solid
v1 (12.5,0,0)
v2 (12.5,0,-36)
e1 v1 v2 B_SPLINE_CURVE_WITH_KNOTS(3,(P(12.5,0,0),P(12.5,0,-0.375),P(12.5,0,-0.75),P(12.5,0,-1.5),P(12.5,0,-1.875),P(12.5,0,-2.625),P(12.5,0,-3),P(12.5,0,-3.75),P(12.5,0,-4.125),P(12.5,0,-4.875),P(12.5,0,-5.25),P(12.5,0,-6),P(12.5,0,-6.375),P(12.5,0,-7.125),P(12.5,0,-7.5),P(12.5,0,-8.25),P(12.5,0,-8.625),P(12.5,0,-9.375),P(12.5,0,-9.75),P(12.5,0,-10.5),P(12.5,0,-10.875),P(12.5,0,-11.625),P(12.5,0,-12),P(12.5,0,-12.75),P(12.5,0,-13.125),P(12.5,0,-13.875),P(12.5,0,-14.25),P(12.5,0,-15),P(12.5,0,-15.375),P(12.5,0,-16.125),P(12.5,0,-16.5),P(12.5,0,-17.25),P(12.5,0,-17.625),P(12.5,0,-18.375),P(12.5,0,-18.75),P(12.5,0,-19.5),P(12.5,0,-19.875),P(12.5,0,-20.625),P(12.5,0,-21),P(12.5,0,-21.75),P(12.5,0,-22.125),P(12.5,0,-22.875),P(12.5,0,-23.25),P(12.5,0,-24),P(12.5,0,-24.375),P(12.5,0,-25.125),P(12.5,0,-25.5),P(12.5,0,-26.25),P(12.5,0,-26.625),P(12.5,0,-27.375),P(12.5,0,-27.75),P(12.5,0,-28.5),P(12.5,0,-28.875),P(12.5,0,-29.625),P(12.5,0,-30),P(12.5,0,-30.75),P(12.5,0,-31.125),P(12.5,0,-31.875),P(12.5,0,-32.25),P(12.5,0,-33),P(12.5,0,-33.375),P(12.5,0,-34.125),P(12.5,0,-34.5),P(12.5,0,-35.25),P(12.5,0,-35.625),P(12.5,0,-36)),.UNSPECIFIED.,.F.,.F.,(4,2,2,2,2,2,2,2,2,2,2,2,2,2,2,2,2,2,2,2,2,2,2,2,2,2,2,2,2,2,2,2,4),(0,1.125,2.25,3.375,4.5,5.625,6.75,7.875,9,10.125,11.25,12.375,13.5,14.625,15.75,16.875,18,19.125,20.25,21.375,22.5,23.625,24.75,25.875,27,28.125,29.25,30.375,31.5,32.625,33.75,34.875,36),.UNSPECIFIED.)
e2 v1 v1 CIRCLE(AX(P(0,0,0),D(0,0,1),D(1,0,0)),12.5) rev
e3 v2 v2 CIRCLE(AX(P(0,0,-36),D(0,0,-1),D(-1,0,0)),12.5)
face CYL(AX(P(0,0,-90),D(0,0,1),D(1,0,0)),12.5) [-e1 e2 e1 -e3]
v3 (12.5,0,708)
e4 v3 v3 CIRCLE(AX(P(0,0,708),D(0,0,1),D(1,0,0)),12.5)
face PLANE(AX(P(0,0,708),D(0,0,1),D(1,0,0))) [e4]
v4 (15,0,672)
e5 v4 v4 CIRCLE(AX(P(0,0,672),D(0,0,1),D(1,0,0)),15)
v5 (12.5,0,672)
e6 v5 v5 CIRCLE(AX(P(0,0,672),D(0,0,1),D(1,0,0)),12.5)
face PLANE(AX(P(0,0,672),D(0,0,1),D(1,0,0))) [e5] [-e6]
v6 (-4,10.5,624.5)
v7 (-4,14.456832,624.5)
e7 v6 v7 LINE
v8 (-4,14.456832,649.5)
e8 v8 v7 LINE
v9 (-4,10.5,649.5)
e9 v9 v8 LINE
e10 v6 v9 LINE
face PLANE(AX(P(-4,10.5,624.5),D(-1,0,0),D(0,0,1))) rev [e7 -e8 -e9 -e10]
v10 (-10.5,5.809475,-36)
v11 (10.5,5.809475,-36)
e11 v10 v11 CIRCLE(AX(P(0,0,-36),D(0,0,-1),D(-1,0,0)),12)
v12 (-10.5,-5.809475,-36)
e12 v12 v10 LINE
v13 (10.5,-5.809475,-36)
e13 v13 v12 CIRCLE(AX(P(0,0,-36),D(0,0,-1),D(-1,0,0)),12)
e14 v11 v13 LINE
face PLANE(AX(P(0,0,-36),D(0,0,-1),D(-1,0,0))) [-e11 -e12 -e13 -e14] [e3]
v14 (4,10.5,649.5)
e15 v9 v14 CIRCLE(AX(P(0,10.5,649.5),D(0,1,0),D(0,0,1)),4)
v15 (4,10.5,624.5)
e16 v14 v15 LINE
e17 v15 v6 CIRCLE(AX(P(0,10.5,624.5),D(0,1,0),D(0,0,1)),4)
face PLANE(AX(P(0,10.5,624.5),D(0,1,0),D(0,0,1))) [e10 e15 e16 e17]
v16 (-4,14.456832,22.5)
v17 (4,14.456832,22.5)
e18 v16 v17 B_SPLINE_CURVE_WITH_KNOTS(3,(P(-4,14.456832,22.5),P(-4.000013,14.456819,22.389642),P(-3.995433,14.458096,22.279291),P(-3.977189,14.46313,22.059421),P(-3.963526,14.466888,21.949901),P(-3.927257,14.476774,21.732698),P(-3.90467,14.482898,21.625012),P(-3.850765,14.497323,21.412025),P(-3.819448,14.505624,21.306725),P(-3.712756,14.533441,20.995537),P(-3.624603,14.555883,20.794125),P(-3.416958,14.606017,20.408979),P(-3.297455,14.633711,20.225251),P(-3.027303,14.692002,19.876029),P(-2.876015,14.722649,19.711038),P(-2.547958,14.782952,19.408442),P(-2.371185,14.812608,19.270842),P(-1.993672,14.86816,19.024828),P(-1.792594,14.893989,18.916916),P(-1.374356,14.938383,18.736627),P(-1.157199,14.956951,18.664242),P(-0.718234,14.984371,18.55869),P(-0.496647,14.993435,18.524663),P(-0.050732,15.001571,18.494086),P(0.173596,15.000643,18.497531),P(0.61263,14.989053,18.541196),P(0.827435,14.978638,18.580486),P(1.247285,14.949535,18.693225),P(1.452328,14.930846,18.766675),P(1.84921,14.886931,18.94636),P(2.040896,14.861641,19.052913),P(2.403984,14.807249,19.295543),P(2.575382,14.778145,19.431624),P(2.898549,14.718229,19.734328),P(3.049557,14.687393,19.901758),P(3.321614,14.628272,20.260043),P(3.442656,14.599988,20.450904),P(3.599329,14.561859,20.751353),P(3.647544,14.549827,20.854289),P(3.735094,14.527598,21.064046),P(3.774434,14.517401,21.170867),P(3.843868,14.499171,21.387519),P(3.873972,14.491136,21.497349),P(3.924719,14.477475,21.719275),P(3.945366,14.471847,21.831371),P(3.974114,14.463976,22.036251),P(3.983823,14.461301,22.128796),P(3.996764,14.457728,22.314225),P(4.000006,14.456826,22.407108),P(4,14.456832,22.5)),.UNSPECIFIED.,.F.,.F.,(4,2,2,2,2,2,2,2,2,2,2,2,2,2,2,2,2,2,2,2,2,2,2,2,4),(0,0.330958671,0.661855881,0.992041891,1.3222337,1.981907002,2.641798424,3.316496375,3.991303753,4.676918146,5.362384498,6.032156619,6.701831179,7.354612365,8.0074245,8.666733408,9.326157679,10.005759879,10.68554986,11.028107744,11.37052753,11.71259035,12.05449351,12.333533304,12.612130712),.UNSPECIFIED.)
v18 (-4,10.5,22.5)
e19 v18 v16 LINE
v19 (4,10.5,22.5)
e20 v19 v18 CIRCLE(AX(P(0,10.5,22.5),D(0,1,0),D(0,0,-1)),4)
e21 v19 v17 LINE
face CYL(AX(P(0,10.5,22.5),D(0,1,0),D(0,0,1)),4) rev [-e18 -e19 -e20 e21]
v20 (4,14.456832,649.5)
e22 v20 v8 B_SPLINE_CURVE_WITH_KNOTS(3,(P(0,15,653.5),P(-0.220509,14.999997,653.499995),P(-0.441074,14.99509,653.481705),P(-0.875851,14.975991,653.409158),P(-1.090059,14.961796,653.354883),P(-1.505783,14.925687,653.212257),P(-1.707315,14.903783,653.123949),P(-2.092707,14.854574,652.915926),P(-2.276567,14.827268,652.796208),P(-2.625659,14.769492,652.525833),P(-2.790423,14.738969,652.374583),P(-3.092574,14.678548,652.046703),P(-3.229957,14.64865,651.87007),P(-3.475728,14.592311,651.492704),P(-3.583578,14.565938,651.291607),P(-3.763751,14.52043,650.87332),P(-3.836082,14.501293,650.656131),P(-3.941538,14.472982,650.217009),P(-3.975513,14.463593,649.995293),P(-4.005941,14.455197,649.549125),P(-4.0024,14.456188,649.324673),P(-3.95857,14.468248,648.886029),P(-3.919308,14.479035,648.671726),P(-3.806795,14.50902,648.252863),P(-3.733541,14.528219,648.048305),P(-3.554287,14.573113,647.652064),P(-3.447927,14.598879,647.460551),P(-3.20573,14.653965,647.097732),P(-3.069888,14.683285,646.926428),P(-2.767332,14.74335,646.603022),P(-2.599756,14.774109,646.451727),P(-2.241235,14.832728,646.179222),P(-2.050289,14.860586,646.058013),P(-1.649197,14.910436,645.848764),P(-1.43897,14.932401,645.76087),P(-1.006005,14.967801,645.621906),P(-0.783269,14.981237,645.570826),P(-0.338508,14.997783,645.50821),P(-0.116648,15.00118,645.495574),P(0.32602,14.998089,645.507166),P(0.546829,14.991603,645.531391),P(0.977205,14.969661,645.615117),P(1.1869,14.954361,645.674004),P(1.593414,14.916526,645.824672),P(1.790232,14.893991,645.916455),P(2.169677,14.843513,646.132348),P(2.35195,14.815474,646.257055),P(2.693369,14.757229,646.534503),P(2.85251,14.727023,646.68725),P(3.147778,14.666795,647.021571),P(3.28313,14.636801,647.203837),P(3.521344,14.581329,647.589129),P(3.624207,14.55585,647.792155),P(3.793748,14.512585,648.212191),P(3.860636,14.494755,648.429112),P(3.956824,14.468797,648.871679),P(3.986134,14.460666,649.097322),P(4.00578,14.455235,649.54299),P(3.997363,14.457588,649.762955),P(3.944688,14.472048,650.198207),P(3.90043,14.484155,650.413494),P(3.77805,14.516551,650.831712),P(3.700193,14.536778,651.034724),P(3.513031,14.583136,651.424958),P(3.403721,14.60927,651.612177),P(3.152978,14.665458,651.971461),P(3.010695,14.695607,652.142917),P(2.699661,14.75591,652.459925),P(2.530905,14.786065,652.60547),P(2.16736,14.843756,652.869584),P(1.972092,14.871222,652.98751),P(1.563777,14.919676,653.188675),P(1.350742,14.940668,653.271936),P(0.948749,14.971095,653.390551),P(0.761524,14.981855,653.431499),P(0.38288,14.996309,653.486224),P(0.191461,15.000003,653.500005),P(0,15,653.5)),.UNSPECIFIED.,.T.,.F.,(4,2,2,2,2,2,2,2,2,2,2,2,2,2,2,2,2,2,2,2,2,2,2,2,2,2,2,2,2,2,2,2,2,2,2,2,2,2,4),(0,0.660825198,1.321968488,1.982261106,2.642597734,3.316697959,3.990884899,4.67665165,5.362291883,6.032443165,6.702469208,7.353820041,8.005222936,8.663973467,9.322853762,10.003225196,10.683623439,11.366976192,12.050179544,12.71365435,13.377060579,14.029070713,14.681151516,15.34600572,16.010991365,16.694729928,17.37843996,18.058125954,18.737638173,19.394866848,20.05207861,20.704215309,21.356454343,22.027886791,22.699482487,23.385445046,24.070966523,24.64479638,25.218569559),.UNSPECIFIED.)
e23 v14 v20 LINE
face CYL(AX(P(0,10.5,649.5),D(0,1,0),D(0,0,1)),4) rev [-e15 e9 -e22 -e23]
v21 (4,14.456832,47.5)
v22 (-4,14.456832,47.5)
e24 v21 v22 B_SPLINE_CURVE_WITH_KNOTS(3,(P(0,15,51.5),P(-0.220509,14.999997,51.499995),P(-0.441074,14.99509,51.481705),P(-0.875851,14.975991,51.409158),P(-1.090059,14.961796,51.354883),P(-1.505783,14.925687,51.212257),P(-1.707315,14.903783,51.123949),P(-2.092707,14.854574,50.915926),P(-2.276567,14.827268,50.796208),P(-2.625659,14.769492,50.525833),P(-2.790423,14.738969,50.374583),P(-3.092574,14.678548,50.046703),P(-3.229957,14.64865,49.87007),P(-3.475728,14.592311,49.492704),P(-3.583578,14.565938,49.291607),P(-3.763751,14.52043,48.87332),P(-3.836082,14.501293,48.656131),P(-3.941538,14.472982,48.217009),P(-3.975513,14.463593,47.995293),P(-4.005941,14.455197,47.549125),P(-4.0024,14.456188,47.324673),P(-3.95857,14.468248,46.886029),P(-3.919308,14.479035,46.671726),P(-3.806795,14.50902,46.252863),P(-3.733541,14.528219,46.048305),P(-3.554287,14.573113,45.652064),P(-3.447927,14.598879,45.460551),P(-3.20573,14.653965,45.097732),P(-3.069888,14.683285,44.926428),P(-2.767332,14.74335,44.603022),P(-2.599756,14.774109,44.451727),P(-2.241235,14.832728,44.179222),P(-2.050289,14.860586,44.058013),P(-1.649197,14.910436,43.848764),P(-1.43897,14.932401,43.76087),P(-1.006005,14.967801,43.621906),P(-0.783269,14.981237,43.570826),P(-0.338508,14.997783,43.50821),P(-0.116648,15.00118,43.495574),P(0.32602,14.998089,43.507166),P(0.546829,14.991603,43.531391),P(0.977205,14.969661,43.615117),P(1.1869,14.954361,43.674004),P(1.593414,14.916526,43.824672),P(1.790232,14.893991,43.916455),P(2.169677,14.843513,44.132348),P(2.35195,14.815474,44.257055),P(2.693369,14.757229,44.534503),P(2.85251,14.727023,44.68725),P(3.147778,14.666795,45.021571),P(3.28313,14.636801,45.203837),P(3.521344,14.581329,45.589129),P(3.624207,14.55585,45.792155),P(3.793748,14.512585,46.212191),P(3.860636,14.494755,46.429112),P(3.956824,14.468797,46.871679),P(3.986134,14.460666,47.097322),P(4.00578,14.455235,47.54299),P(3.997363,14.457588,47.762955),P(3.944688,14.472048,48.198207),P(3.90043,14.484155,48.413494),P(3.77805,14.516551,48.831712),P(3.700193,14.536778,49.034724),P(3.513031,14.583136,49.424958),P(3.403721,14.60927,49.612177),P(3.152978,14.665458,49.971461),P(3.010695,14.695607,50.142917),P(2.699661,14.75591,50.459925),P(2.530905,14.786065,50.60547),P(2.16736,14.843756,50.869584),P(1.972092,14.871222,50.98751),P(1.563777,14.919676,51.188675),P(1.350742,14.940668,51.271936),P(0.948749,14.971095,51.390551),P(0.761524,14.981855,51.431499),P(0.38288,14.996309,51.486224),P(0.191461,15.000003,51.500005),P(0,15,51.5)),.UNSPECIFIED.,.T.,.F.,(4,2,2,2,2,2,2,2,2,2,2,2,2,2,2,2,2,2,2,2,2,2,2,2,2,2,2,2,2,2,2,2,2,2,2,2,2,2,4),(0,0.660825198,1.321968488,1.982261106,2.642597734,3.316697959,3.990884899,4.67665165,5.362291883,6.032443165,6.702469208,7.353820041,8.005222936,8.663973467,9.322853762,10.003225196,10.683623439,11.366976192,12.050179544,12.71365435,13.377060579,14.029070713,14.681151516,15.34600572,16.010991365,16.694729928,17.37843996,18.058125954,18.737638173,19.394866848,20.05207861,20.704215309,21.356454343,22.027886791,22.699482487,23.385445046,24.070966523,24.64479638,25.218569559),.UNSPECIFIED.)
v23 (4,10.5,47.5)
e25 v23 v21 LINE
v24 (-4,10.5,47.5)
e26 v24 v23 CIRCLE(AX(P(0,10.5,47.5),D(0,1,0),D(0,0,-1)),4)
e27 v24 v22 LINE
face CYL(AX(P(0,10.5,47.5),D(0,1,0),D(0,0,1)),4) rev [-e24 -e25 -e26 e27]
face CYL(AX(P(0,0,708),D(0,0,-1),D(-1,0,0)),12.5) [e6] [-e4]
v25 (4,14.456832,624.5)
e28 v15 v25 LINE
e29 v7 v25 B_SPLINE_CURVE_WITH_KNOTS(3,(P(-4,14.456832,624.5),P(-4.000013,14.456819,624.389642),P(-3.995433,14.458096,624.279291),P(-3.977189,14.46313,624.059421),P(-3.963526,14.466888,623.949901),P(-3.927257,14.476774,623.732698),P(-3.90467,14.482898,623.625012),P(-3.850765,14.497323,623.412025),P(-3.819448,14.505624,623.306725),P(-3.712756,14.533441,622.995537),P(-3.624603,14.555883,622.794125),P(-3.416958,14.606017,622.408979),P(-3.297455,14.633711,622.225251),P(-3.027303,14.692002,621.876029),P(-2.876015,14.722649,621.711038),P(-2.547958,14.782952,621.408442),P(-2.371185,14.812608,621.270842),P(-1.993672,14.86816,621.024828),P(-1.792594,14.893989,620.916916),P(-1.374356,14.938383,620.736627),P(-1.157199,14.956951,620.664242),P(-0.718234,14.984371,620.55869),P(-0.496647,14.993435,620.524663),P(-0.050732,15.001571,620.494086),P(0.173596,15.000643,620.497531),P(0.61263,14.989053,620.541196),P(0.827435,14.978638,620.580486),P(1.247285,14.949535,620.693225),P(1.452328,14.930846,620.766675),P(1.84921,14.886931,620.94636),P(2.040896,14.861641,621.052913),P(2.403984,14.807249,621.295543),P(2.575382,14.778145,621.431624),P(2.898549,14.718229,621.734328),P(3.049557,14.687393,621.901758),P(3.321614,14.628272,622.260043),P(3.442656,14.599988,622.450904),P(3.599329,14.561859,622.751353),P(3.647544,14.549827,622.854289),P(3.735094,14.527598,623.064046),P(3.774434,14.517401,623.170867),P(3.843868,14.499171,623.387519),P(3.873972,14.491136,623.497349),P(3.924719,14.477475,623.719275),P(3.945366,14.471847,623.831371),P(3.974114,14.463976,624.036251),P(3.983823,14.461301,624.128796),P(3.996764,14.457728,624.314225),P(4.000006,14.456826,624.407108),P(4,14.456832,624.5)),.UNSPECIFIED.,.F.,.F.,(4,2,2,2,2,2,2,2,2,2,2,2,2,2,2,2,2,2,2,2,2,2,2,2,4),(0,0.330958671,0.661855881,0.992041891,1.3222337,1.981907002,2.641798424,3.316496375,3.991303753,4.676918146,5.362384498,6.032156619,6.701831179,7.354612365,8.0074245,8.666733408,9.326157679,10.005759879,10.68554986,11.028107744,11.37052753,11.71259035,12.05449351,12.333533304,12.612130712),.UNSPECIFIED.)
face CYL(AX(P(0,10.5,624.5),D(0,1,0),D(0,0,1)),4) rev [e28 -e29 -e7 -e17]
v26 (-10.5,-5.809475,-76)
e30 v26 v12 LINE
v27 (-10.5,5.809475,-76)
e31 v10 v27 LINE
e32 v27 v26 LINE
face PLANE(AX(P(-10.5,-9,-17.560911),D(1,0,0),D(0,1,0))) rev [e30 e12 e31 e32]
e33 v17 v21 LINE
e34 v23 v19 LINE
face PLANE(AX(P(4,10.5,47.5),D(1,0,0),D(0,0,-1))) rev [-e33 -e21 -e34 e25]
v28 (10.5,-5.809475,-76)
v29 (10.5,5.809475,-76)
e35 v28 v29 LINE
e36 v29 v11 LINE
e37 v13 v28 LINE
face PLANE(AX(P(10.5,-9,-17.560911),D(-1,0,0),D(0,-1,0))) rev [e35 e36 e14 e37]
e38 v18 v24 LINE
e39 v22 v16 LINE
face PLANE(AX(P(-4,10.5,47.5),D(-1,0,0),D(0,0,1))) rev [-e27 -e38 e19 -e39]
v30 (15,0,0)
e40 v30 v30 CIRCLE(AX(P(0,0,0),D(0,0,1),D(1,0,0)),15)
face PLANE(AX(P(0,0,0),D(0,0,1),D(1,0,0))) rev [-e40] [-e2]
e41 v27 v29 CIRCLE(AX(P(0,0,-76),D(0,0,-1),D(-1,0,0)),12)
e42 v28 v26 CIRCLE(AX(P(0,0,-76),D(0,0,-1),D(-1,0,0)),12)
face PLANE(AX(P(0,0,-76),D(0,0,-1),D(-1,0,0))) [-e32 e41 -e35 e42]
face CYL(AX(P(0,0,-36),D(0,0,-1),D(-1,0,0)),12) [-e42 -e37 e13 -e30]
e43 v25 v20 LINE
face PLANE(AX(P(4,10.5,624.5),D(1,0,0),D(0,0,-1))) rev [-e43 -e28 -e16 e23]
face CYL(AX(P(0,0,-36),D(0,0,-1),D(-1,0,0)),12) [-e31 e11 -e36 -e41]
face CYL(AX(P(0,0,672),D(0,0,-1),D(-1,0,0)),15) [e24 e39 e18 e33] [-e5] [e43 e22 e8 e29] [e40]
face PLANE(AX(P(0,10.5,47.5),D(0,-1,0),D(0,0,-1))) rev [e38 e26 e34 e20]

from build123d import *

# Parameters (mm, degrees)
SKETCH1_R           = 15
BOSS_EXTRUDE1_DEPTH = 672
SKETCH2_R           = 12.5
BOSS_EXTRUDE3_DEPTH = 36
BOSS_EXTRUDE4_START = 90
SKETCH3_R           = 12.5
BOSS_EXTRUDE4_DEPTH = 90
SKETCH6_R           = 13.02430926
SKETCH6_R_2         = 12
CUT_EXTRUDE3_DEPTH  = 54
CUT_EXTRUDE2_DEPTH  = 4.5
MOVE_FACE1_BY       = 14
SKETCH7_W           = 4
SKETCH7_H           = 18
CUT_EXTRUDE4_DEPTH  = 40


with BuildPart() as part:
    # Sketch1 → Boss-Extrude1 (new body)
    with BuildSketch(Plane.XY):
        with Locations(Location((0, 0, 0), (0, 0, 180))):
            Circle(SKETCH1_R)
    extrude(amount=BOSS_EXTRUDE1_DEPTH)

    # Sketch2 → Boss-Extrude3 (add)
    with BuildSketch(Plane.XY.offset(672)):
        Circle(SKETCH2_R)
    extrude(amount=BOSS_EXTRUDE3_DEPTH)

    # Sketch3 → Boss-Extrude4 (add)
    with BuildSketch(Plane(origin=(0, 0, 0), x_dir=(-1, 0, 0), z_dir=(0, 0, -1)).offset(BOSS_EXTRUDE4_START)):
        with Locations(Location((0, 0, 0), (0, 0, 180))):
            Circle(SKETCH3_R)
    extrude(amount=-BOSS_EXTRUDE4_DEPTH)

    # Sketch6 → Cut-Extrude3 (cut)
    with BuildSketch(Plane(origin=(0, 0, -90), x_dir=(-1, 0, 0), z_dir=(0, 0, -1))):
        Circle(SKETCH6_R)
        Circle(SKETCH6_R_2, mode=Mode.SUBTRACT)
    extrude(amount=-CUT_EXTRUDE3_DEPTH, mode=Mode.SUBTRACT)

    # Sketch5 → Cut-Extrude2 (cut)
    with BuildSketch(Plane(origin=(0, 15, 0), x_dir=(1, 0, 0), z_dir=(0, 1, 0))):
        with BuildLine():
            Line((4, -624.5), (4, -649.5))
            ThreePointArc((4, -649.5), (0, -653.5), (-4, -649.5))
            Line((-4, -649.5), (-4, -624.5))
            ThreePointArc((-4, -624.5), (0, -620.5), (4, -624.5))
        make_face()
        with BuildLine():
            Line((4, -47.5), (4, -22.5))
            ThreePointArc((4, -22.5), (0, -18.5), (-4, -22.5))
            Line((-4, -22.5), (-4, -47.5))
            ThreePointArc((-4, -47.5), (0, -51.5), (4, -47.5))
        make_face()
    extrude(amount=-CUT_EXTRUDE2_DEPTH, mode=Mode.SUBTRACT)

    # Move Face1: a face moved inward by 14.0
    extrude(part.faces().sort_by_distance((0, 0, -90))[0], amount=MOVE_FACE1_BY, dir=(0, 0, 1), mode=Mode.SUBTRACT)

    # Sketch7 → Cut-Extrude4 (cut)
    with BuildSketch(Plane(origin=(0, 0, -76), x_dir=(-1, 0, 0), z_dir=(0, 0, -1))):
        with Locations((12.5, 0)):
            Rectangle(SKETCH7_W, SKETCH7_H)
        with Locations((-12.5, 0)):
            Rectangle(SKETCH7_W, SKETCH7_H)
    extrude(amount=-CUT_EXTRUDE4_DEPTH, mode=Mode.SUBTRACT)


solid = part.part
